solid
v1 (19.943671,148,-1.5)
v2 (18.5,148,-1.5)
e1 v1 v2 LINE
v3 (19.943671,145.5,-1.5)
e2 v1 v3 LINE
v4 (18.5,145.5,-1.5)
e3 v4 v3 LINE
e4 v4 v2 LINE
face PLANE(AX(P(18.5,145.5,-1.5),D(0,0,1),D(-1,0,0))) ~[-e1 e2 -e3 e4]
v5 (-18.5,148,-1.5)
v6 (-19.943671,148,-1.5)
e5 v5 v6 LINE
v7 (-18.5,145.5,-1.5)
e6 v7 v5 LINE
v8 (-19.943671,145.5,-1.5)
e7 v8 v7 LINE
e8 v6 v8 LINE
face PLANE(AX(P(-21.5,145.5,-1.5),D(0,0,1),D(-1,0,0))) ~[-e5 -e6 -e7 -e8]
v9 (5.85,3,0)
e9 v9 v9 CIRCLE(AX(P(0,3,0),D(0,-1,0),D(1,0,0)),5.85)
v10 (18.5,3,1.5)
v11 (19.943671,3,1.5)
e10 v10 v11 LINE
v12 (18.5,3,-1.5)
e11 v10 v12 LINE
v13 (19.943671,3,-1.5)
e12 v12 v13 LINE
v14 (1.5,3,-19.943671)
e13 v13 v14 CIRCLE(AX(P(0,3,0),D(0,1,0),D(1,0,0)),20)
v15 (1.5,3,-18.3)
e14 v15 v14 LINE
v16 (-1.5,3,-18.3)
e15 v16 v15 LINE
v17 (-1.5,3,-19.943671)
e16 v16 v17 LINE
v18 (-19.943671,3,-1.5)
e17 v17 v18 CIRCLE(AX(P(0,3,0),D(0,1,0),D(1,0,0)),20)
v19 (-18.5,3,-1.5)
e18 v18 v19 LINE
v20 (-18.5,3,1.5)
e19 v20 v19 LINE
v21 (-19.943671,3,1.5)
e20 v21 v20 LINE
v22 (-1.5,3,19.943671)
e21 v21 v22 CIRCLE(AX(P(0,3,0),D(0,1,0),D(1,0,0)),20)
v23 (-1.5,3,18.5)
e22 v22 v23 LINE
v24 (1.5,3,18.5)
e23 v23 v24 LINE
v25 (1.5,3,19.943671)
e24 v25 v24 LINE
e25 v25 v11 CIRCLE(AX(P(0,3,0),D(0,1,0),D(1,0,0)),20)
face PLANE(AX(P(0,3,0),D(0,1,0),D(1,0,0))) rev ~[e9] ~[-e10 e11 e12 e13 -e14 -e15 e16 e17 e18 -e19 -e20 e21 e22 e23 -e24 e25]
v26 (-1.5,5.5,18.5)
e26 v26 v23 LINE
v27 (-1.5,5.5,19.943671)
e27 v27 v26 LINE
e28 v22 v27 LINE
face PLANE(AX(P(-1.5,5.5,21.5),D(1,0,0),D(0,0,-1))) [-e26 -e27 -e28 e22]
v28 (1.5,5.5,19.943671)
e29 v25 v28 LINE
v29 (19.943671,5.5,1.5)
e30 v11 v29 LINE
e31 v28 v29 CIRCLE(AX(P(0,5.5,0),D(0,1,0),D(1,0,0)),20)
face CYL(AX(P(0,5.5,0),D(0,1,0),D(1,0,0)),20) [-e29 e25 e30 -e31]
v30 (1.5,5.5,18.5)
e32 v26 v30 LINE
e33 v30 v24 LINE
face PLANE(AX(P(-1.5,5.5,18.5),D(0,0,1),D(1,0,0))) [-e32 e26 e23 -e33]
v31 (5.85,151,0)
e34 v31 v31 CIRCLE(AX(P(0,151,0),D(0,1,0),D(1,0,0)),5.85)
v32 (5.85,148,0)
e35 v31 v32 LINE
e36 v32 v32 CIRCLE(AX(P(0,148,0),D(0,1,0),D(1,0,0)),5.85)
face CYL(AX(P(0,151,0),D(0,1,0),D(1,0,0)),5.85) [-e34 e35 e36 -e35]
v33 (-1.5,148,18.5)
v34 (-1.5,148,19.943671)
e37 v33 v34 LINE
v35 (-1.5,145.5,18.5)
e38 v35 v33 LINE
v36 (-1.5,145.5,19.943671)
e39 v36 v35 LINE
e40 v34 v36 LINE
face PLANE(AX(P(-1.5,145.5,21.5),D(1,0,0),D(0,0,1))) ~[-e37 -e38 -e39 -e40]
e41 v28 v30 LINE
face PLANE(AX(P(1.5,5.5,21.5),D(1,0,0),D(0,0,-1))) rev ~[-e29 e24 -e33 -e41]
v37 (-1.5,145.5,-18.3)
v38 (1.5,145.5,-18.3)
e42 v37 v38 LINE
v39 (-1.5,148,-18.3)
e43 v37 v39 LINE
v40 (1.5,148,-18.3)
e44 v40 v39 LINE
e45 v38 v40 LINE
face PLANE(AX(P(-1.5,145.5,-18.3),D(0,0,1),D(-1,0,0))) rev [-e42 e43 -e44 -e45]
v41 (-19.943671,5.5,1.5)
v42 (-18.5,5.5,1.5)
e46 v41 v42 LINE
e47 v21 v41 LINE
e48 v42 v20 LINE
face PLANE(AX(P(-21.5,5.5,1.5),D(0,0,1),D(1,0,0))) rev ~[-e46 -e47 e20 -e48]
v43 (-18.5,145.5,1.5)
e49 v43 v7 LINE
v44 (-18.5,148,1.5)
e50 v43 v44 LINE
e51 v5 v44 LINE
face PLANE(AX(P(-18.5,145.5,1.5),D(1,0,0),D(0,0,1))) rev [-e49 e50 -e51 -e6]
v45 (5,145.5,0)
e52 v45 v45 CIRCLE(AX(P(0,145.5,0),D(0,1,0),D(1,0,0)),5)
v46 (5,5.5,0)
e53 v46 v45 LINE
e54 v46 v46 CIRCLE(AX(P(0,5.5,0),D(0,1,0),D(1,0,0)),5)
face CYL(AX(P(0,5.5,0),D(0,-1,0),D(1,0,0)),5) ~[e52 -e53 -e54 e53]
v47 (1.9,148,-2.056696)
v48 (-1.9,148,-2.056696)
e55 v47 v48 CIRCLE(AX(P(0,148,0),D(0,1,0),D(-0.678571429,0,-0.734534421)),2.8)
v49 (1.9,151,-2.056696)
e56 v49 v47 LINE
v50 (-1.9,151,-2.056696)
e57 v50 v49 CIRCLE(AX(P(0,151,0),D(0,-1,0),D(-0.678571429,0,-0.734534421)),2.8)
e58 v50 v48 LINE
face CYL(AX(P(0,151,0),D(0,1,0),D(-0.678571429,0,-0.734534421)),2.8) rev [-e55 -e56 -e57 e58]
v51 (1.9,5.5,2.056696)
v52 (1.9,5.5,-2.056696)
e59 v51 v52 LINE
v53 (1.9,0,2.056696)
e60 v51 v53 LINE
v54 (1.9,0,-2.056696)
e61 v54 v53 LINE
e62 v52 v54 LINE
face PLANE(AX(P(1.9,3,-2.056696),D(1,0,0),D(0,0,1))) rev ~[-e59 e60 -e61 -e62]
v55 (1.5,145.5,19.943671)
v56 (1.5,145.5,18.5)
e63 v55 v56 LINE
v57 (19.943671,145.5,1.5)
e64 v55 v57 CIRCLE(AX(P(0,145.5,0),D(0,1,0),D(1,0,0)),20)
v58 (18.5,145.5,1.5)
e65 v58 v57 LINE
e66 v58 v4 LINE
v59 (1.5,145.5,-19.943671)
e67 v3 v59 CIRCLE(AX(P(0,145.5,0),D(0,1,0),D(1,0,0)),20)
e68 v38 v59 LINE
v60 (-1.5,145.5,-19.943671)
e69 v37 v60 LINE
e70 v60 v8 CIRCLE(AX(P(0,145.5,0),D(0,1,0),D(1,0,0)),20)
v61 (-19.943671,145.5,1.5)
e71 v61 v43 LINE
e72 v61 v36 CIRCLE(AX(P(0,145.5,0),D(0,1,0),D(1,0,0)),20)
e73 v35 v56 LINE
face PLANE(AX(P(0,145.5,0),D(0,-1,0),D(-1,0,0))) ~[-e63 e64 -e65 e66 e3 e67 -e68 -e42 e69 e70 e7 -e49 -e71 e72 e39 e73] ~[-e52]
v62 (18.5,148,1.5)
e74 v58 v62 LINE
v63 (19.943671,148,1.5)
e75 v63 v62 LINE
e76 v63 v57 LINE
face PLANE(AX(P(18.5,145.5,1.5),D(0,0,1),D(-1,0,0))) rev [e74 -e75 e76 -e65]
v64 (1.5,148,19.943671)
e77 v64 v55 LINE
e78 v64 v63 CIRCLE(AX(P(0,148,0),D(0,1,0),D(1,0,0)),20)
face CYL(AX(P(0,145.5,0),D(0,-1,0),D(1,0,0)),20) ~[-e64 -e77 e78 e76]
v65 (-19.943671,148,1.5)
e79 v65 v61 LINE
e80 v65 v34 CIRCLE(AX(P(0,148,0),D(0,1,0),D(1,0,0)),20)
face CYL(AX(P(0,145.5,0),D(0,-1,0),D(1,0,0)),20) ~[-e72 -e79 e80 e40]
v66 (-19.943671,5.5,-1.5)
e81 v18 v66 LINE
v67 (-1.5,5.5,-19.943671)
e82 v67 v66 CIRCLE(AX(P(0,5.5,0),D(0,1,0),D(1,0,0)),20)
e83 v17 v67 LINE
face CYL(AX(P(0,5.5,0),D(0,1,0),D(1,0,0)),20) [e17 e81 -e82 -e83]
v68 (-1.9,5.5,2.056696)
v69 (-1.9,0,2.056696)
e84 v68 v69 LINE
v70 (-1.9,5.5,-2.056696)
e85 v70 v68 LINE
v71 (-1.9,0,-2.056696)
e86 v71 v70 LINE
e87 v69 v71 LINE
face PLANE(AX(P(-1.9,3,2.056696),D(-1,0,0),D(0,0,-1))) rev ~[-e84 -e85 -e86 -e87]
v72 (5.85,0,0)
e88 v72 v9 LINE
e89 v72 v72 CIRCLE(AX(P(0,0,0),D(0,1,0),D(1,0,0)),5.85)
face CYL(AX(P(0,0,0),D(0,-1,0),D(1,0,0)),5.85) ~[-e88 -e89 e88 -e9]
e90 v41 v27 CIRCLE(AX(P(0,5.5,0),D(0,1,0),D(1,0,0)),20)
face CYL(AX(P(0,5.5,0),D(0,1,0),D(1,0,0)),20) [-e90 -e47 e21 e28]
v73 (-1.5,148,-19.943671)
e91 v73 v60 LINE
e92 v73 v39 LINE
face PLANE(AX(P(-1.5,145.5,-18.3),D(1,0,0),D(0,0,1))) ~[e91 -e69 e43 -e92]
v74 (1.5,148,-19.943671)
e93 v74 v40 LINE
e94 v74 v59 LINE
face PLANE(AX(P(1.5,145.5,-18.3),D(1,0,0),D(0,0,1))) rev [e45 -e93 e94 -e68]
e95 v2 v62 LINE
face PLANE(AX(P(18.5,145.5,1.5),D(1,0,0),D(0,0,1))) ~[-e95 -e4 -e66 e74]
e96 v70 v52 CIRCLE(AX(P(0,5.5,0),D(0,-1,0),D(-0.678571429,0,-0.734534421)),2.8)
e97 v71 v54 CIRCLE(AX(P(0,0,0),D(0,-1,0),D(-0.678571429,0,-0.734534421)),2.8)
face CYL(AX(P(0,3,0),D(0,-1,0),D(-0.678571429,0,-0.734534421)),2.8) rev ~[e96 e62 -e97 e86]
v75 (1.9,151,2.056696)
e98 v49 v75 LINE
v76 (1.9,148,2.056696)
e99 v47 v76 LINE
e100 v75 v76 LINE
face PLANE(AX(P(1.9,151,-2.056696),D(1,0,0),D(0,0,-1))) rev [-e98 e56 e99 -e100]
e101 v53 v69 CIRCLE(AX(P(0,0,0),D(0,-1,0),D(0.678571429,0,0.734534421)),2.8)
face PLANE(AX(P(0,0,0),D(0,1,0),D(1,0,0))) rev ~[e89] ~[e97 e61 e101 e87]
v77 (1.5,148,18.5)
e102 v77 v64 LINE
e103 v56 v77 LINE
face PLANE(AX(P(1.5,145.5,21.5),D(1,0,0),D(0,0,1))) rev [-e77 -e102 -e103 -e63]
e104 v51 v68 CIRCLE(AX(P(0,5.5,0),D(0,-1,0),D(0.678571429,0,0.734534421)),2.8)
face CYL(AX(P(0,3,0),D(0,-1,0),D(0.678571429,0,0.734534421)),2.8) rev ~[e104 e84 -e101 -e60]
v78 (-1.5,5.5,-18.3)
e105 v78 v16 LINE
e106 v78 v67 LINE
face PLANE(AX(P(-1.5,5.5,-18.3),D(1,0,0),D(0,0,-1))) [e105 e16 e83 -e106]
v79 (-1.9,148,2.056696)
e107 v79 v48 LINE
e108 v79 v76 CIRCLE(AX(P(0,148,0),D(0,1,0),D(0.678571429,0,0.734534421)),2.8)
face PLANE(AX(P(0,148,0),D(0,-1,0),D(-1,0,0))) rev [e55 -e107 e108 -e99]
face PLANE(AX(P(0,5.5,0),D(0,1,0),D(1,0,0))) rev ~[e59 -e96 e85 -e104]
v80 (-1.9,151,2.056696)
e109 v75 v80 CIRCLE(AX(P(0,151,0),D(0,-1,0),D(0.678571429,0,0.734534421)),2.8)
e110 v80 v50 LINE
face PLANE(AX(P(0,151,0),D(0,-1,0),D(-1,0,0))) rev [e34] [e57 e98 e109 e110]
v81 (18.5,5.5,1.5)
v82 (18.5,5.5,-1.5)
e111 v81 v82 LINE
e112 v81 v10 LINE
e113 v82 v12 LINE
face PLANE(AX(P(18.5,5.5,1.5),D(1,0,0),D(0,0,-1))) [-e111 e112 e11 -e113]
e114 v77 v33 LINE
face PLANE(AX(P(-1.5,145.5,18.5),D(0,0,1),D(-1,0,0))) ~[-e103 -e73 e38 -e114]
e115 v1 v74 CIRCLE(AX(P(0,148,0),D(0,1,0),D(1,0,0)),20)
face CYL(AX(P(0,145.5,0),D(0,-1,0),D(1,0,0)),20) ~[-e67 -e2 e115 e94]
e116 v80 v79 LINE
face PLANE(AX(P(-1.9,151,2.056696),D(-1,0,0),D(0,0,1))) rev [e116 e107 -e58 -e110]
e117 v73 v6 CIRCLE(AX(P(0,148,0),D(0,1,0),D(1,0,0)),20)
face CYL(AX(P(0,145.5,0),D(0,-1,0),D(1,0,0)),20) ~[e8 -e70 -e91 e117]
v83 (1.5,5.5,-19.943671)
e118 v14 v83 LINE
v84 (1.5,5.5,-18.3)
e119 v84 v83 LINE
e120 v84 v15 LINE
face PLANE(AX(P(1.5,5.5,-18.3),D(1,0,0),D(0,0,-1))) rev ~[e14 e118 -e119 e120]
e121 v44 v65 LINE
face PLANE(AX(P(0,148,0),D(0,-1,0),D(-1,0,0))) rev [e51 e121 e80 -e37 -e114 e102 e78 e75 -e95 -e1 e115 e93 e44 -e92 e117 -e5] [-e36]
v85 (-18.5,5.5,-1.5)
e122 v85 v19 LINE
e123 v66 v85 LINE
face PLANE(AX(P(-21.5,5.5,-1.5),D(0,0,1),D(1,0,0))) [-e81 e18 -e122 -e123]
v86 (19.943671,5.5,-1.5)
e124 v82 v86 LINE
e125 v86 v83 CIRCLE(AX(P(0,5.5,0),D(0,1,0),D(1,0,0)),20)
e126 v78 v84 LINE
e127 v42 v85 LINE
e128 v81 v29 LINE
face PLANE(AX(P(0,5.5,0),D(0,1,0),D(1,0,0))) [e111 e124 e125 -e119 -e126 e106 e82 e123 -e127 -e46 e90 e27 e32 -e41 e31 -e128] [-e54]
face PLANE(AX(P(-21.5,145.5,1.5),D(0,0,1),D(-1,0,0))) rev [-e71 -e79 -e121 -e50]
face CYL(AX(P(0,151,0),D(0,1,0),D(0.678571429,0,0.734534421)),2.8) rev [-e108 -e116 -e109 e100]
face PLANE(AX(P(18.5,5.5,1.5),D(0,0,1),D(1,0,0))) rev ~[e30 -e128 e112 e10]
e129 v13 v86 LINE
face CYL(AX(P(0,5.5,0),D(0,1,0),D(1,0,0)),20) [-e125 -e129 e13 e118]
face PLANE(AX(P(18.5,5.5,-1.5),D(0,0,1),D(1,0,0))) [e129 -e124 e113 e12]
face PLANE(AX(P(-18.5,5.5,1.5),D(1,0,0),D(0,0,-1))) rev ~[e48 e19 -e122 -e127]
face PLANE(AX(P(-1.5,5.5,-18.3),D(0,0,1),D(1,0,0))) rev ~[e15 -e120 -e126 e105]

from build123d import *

# Parameters (mm, degrees)
SKETCH1_R           = 5.85
BOSS_EXTRUDE1_DEPTH = 5.5
SKETCH2_R           = 20
BOSS_EXTRUDE2_DEPTH = 2.5
CUT_EXTRUDE1_DEPTH  = 8
SKETCH4_W           = 3
SKETCH4_H           = 3
CUT_EXTRUDE2_DEPTH  = 10
SKETCH5_R           = 5
BOSS_EXTRUDE3_DEPTH = 140


with BuildPart() as part:
    # Sketch1 → Boss-Extrude1 (new body)
    with BuildSketch(Plane(origin=(0, 0, 0), x_dir=(1, 0, 0), z_dir=(0, 1, 0))):
        Circle(SKETCH1_R)
        with BuildLine():
            Line((1.9, 2.05669638), (1.9, -2.05669638))
            ThreePointArc((1.9, -2.05669638), (0, -2.8), (-1.9, -2.05669638))
            Line((-1.9, -2.05669638), (-1.9, 2.05669638))
            ThreePointArc((-1.9, 2.05669638), (0, 2.8), (1.9, 2.05669638))
        make_face(mode=Mode.SUBTRACT)
    boss_extrude1 = extrude(amount=BOSS_EXTRUDE1_DEPTH)

    # Sketch2 → Boss-Extrude2 (add)
    with BuildSketch(Plane(origin=(0, 5.5, 0), x_dir=(1, 0, 0), z_dir=(0, 1, 0))):
        Circle(SKETCH2_R)
    boss_extrude2 = extrude(amount=-BOSS_EXTRUDE2_DEPTH)

    # Sketch3 → Cut-Extrude1 (cut)
    with BuildSketch(Plane.XZ.offset(-3)):
        with BuildLine():
            Line((-1.9, 2.05669638), (-1.9, -2.05669638))
            ThreePointArc((-1.9, -2.05669638), (0, -2.8), (1.9, -2.05669638))
            Line((1.9, -2.05669638), (1.9, 2.05669638))
            ThreePointArc((1.9, 2.05669638), (0, 2.8), (-1.9, 2.05669638))
        make_face()
    extrude(amount=-CUT_EXTRUDE1_DEPTH, mode=Mode.SUBTRACT)

    # Sketch4 → Cut-Extrude2 (cut)
    with BuildSketch(Plane(origin=(0, 5.5, 0), x_dir=(1, 0, 0), z_dir=(0, 1, 0))):
        with Locations((0, 19.8)):
            Rectangle(SKETCH4_W, SKETCH4_H)
        with Locations((20, 0)):
            Rectangle(SKETCH4_W, SKETCH4_H)
        with Locations((0, -20)):
            Rectangle(SKETCH4_W, SKETCH4_H)
        with Locations((-20, 0)):
            Rectangle(SKETCH4_W, SKETCH4_H)
    cut_extrude2 = extrude(amount=-CUT_EXTRUDE2_DEPTH, mode=Mode.SUBTRACT)

    # Sketch5 → Boss-Extrude3 (add)
    with BuildSketch(Plane(origin=(0, 5.5, 0), x_dir=(1, 0, 0), z_dir=(0, 1, 0))):
        Circle(SKETCH5_R)
    extrude(amount=BOSS_EXTRUDE3_DEPTH)

    # Mirror1: Boss-Extrude2 across plane
    add(boss_extrude2.mirror(Plane.ZX.offset(75.5)))

    # Mirror2: Boss-Extrude1, Cut-Extrude2 across plane
    add(boss_extrude1.mirror(Plane.ZX.offset(75.5)))
    add(cut_extrude2.mirror(Plane.ZX.offset(75.5)), mode=Mode.SUBTRACT)


solid = part.part
